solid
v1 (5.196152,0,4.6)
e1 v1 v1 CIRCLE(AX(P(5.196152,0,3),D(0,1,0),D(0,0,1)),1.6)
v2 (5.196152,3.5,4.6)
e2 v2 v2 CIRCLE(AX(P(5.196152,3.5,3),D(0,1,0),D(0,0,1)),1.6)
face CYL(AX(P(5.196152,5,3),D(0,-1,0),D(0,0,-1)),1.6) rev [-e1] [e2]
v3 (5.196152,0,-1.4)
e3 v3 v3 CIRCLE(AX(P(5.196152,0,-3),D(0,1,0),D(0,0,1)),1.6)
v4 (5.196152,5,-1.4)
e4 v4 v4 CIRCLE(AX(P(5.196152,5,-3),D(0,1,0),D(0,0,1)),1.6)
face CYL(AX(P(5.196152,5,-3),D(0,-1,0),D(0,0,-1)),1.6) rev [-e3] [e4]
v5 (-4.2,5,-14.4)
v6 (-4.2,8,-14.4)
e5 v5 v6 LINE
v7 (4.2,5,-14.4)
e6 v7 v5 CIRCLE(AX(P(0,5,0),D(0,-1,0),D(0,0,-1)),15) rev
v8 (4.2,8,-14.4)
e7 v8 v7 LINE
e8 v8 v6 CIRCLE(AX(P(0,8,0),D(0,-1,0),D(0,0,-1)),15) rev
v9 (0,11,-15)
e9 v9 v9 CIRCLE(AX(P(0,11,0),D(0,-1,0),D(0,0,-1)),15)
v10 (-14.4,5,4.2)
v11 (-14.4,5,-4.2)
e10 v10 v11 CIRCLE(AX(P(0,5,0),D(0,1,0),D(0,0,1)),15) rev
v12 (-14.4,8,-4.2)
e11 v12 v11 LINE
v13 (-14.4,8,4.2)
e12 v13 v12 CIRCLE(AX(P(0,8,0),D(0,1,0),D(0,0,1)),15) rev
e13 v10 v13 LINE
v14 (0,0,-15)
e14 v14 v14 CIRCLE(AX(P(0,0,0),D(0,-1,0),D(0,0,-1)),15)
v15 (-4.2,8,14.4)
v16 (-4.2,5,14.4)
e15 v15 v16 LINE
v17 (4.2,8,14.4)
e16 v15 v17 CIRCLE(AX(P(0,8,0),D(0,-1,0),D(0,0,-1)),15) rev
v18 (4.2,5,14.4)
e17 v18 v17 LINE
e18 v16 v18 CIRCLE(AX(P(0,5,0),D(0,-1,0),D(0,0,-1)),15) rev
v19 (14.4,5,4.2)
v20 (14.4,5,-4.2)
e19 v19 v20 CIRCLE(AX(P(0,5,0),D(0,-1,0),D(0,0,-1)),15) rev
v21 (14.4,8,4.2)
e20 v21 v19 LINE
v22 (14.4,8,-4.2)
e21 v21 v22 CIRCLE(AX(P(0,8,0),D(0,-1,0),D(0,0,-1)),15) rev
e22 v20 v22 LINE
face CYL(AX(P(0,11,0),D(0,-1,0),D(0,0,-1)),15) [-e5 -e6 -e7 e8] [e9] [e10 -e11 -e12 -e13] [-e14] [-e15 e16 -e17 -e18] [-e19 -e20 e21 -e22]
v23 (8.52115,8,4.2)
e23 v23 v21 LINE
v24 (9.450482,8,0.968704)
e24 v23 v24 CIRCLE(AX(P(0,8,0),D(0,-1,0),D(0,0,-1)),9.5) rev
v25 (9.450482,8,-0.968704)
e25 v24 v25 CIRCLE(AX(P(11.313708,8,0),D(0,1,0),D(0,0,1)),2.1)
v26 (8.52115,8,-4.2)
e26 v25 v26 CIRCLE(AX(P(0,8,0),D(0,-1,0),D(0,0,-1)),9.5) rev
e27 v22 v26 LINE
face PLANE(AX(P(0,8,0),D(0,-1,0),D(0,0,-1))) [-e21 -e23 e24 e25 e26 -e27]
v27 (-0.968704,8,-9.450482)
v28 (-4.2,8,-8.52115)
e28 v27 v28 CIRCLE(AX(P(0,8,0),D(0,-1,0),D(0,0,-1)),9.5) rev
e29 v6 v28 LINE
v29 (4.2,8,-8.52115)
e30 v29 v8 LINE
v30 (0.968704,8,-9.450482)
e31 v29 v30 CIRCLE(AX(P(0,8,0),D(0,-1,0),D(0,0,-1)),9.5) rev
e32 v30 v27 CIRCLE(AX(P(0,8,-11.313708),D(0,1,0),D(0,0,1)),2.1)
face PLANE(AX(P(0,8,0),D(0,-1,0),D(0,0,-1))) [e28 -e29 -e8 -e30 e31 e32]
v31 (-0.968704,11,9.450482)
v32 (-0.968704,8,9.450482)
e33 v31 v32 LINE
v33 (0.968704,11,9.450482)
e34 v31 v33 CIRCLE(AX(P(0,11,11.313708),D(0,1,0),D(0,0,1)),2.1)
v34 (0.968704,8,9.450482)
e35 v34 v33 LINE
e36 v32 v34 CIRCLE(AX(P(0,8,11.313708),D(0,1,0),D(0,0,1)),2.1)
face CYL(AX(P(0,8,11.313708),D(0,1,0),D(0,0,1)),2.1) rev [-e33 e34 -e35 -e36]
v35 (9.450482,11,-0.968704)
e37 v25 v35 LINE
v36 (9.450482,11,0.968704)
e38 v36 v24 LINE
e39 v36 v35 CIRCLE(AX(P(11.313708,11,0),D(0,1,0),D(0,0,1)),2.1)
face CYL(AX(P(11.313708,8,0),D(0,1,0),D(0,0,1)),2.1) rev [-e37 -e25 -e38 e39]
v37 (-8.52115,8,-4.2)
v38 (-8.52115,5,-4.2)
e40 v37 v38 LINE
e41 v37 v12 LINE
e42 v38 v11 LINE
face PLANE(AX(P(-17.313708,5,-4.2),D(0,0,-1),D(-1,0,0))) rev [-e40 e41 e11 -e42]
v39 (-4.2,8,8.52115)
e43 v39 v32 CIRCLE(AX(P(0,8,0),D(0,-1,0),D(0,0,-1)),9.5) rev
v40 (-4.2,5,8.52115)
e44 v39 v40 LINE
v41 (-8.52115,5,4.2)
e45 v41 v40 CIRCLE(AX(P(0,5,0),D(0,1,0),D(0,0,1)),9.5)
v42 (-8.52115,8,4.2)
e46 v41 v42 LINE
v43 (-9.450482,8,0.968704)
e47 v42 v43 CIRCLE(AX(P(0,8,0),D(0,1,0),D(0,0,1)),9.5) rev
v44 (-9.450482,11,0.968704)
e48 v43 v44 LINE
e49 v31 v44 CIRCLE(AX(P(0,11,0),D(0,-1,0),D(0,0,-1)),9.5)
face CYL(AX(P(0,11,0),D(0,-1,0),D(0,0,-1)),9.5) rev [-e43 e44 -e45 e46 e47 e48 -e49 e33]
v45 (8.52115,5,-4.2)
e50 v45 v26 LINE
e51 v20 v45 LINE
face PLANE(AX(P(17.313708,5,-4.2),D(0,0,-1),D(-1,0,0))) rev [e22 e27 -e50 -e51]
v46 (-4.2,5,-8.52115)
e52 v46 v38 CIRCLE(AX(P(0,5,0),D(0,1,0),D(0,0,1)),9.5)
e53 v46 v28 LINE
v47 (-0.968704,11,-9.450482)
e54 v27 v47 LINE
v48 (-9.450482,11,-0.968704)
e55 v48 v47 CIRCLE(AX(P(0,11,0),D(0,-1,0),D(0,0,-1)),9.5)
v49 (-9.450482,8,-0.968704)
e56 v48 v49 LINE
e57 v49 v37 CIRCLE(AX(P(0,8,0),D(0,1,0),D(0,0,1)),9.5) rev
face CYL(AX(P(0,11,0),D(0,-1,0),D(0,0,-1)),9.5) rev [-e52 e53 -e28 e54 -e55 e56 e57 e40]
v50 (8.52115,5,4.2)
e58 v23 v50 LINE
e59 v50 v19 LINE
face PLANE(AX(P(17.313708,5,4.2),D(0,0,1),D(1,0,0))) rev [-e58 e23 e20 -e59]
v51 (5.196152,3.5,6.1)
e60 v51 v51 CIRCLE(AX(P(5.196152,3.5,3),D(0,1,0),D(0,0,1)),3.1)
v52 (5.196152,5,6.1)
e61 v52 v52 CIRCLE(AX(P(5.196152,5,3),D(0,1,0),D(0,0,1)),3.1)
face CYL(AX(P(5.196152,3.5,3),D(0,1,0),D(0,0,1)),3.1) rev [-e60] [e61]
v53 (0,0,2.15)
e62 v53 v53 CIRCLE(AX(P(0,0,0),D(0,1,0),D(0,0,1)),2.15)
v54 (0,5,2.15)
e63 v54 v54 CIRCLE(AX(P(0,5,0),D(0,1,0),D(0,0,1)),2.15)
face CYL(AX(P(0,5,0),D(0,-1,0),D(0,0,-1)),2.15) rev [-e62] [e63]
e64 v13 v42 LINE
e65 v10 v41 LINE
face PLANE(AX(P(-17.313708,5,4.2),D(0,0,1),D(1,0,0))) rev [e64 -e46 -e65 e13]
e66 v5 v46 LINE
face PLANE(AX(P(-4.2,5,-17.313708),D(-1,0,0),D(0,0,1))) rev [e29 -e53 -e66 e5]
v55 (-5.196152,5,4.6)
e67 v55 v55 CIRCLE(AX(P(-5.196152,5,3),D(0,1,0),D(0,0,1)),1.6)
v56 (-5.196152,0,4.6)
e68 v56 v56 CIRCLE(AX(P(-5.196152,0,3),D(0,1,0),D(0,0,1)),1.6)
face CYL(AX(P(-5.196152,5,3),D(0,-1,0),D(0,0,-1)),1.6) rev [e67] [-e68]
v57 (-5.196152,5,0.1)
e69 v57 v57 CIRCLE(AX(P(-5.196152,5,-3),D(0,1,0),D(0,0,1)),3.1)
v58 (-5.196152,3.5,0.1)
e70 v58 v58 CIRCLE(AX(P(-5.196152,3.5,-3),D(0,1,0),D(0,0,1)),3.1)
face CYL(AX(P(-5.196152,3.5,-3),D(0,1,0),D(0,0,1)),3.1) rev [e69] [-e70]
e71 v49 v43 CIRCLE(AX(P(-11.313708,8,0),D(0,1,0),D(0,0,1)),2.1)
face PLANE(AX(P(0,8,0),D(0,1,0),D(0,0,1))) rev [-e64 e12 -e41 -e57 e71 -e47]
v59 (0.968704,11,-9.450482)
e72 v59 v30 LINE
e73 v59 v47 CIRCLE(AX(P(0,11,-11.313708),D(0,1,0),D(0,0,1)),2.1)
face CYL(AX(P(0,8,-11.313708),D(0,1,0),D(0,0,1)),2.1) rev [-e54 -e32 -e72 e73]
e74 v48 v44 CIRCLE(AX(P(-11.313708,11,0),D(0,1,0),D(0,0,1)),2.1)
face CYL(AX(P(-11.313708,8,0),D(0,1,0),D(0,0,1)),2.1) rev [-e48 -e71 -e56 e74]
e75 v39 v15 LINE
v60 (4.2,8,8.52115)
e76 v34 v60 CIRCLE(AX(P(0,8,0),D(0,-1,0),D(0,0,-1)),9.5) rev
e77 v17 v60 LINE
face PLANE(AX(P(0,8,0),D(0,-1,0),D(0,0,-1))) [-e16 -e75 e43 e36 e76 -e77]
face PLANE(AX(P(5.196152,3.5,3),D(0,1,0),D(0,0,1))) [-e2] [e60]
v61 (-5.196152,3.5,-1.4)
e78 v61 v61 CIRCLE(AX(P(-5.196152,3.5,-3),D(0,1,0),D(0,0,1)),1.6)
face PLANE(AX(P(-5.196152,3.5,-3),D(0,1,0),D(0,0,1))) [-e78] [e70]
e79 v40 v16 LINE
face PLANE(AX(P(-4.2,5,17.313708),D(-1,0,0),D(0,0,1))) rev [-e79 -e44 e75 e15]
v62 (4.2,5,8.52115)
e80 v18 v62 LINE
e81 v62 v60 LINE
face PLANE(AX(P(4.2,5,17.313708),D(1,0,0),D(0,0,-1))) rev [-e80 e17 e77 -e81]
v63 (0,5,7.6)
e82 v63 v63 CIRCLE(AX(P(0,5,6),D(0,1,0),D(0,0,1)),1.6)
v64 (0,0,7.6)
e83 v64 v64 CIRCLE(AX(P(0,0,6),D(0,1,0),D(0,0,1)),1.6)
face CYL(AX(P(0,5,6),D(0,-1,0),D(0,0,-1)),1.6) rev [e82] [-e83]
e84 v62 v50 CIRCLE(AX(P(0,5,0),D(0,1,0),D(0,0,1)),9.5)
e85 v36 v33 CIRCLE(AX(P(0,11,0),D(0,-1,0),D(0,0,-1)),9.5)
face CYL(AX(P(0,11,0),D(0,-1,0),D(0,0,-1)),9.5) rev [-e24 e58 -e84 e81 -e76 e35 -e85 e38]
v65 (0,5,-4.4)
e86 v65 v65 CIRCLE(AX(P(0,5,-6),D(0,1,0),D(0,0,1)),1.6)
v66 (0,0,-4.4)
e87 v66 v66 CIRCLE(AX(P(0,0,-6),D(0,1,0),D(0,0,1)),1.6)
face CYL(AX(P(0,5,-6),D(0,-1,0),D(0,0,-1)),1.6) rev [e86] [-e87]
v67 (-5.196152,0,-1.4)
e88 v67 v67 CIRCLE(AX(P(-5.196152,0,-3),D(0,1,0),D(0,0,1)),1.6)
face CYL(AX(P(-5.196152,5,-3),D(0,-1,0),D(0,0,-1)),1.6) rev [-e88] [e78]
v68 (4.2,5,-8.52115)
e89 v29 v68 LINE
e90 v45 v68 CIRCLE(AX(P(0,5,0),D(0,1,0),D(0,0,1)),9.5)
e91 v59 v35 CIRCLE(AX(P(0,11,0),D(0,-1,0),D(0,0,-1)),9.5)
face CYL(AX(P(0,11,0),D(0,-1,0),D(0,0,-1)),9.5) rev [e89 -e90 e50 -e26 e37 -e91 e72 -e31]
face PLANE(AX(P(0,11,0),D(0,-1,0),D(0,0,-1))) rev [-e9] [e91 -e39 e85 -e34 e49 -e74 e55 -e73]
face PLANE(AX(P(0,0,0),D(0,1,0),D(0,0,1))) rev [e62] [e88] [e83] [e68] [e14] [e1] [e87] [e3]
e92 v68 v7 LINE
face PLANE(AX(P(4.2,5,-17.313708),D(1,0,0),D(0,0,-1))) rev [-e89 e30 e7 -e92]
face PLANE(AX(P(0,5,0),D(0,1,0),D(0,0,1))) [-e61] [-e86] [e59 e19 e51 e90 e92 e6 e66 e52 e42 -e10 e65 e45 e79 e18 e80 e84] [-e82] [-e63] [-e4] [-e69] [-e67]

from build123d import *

# Parameters (mm, degrees)
SKETCH1_R           = 10
SKETCH1_R_2         = 1.6
SKETCH1_R_3         = 2.15
BOSS_EXTRUDE1_DEPTH = 5
SKETCH2_R           = 3.1
CUT_EXTRUDE2_DEPTH  = 1.5
SKETCH3_R           = 15
SKETCH3_R_2         = 9.5
BOSS_EXTRUDE2_DEPTH = 11
SKETCH5_R           = 2.1
CUT_EXTRUDE3_DEPTH  = 3
SKETCH7_W           = 10
SKETCH7_H           = 8.4
SKETCH7_W_2         = 8.4
SKETCH7_H_2         = 10
CUT_EXTRUDE4_DEPTH  = 3


with BuildPart() as part:
    # Sketch1 → Boss-Extrude1 (new body)
    with BuildSketch(Plane(origin=(0, 0, 0), x_dir=(1, 0, 0), z_dir=(0, 1, 0))):
        with Locations(Location((0, 0, 0), (0, 0, 270))):
            Circle(SKETCH1_R)
        with Locations(Location((0, 6, 0), (0, 0, 270))):
            Circle(SKETCH1_R_2, mode=Mode.SUBTRACT)
        with Locations(Location((5.196152423, 3, 0), (0, 0, 270))):
            Circle(SKETCH1_R_2, mode=Mode.SUBTRACT)
        with Locations(Location((5.196152423, -3, 0), (0, 0, 270))):
            Circle(SKETCH1_R_2, mode=Mode.SUBTRACT)
        with Locations(Location((0, -6, 0), (0, 0, 270))):
            Circle(SKETCH1_R_2, mode=Mode.SUBTRACT)
        with Locations(Location((-5.196152423, -3, 0), (0, 0, 270))):
            Circle(SKETCH1_R_2, mode=Mode.SUBTRACT)
        with Locations(Location((-5.196152423, 3, 0), (0, 0, 270))):
            Circle(SKETCH1_R_2, mode=Mode.SUBTRACT)
        with Locations(Location((0, 0, 0), (0, 0, 270))):
            Circle(SKETCH1_R_3, mode=Mode.SUBTRACT)
    extrude(amount=BOSS_EXTRUDE1_DEPTH)

    # Sketch2 → Cut-Extrude2 (cut)
    with BuildSketch(Plane(origin=(0, 5, 0), x_dir=(1, 0, 0), z_dir=(0, 1, 0))):
        with Locations(Location((-5.196152423, 3, 0), (0, 0, 270))):
            Circle(SKETCH2_R)
        with Locations(Location((5.196152423, -3, 0), (0, 0, 270))):
            Circle(SKETCH2_R)
    extrude(amount=-CUT_EXTRUDE2_DEPTH, mode=Mode.SUBTRACT)

    # Sketch3 → Boss-Extrude2 (add)
    with BuildSketch(Plane.XZ):
        with Locations(Location((0, 0, 0), (0, 0, 270))):
            Circle(SKETCH3_R)
        with Locations(Location((0, 0, 0), (0, 0, 270))):
            Circle(SKETCH3_R_2, mode=Mode.SUBTRACT)
    extrude(amount=-BOSS_EXTRUDE2_DEPTH)

    # Sketch5 → Cut-Extrude3 (cut)
    with BuildSketch(Plane(origin=(0, 11, 0), x_dir=(1, 0, 0), z_dir=(0, 1, 0))):
        with Locations((0, 11.313708499)):
            Circle(SKETCH5_R)
        with Locations((11.313708499, 0)):
            Circle(SKETCH5_R)
        with Locations((0, -11.313708499)):
            Circle(SKETCH5_R)
        with Locations((-11.313708499, 0)):
            Circle(SKETCH5_R)
    extrude(amount=-CUT_EXTRUDE3_DEPTH, mode=Mode.SUBTRACT)

    # Sketch7 → Cut-Extrude4 (cut)
    with BuildSketch(Plane(origin=(0, 8, 0), x_dir=(1, 0, 0), z_dir=(0, 1, 0))):
        with Locations((-12.313708499, 0)):
            Rectangle(SKETCH7_W, SKETCH7_H)
        with Locations((0, 12.313708499)):
            Rectangle(SKETCH7_W_2, SKETCH7_H_2)
        with Locations((12.313708499, 0)):
            Rectangle(SKETCH7_W, SKETCH7_H)
        with Locations((0, -12.313708499)):
            Rectangle(SKETCH7_W_2, SKETCH7_H_2)
    extrude(amount=-CUT_EXTRUDE4_DEPTH, mode=Mode.SUBTRACT)


solid = part.part
